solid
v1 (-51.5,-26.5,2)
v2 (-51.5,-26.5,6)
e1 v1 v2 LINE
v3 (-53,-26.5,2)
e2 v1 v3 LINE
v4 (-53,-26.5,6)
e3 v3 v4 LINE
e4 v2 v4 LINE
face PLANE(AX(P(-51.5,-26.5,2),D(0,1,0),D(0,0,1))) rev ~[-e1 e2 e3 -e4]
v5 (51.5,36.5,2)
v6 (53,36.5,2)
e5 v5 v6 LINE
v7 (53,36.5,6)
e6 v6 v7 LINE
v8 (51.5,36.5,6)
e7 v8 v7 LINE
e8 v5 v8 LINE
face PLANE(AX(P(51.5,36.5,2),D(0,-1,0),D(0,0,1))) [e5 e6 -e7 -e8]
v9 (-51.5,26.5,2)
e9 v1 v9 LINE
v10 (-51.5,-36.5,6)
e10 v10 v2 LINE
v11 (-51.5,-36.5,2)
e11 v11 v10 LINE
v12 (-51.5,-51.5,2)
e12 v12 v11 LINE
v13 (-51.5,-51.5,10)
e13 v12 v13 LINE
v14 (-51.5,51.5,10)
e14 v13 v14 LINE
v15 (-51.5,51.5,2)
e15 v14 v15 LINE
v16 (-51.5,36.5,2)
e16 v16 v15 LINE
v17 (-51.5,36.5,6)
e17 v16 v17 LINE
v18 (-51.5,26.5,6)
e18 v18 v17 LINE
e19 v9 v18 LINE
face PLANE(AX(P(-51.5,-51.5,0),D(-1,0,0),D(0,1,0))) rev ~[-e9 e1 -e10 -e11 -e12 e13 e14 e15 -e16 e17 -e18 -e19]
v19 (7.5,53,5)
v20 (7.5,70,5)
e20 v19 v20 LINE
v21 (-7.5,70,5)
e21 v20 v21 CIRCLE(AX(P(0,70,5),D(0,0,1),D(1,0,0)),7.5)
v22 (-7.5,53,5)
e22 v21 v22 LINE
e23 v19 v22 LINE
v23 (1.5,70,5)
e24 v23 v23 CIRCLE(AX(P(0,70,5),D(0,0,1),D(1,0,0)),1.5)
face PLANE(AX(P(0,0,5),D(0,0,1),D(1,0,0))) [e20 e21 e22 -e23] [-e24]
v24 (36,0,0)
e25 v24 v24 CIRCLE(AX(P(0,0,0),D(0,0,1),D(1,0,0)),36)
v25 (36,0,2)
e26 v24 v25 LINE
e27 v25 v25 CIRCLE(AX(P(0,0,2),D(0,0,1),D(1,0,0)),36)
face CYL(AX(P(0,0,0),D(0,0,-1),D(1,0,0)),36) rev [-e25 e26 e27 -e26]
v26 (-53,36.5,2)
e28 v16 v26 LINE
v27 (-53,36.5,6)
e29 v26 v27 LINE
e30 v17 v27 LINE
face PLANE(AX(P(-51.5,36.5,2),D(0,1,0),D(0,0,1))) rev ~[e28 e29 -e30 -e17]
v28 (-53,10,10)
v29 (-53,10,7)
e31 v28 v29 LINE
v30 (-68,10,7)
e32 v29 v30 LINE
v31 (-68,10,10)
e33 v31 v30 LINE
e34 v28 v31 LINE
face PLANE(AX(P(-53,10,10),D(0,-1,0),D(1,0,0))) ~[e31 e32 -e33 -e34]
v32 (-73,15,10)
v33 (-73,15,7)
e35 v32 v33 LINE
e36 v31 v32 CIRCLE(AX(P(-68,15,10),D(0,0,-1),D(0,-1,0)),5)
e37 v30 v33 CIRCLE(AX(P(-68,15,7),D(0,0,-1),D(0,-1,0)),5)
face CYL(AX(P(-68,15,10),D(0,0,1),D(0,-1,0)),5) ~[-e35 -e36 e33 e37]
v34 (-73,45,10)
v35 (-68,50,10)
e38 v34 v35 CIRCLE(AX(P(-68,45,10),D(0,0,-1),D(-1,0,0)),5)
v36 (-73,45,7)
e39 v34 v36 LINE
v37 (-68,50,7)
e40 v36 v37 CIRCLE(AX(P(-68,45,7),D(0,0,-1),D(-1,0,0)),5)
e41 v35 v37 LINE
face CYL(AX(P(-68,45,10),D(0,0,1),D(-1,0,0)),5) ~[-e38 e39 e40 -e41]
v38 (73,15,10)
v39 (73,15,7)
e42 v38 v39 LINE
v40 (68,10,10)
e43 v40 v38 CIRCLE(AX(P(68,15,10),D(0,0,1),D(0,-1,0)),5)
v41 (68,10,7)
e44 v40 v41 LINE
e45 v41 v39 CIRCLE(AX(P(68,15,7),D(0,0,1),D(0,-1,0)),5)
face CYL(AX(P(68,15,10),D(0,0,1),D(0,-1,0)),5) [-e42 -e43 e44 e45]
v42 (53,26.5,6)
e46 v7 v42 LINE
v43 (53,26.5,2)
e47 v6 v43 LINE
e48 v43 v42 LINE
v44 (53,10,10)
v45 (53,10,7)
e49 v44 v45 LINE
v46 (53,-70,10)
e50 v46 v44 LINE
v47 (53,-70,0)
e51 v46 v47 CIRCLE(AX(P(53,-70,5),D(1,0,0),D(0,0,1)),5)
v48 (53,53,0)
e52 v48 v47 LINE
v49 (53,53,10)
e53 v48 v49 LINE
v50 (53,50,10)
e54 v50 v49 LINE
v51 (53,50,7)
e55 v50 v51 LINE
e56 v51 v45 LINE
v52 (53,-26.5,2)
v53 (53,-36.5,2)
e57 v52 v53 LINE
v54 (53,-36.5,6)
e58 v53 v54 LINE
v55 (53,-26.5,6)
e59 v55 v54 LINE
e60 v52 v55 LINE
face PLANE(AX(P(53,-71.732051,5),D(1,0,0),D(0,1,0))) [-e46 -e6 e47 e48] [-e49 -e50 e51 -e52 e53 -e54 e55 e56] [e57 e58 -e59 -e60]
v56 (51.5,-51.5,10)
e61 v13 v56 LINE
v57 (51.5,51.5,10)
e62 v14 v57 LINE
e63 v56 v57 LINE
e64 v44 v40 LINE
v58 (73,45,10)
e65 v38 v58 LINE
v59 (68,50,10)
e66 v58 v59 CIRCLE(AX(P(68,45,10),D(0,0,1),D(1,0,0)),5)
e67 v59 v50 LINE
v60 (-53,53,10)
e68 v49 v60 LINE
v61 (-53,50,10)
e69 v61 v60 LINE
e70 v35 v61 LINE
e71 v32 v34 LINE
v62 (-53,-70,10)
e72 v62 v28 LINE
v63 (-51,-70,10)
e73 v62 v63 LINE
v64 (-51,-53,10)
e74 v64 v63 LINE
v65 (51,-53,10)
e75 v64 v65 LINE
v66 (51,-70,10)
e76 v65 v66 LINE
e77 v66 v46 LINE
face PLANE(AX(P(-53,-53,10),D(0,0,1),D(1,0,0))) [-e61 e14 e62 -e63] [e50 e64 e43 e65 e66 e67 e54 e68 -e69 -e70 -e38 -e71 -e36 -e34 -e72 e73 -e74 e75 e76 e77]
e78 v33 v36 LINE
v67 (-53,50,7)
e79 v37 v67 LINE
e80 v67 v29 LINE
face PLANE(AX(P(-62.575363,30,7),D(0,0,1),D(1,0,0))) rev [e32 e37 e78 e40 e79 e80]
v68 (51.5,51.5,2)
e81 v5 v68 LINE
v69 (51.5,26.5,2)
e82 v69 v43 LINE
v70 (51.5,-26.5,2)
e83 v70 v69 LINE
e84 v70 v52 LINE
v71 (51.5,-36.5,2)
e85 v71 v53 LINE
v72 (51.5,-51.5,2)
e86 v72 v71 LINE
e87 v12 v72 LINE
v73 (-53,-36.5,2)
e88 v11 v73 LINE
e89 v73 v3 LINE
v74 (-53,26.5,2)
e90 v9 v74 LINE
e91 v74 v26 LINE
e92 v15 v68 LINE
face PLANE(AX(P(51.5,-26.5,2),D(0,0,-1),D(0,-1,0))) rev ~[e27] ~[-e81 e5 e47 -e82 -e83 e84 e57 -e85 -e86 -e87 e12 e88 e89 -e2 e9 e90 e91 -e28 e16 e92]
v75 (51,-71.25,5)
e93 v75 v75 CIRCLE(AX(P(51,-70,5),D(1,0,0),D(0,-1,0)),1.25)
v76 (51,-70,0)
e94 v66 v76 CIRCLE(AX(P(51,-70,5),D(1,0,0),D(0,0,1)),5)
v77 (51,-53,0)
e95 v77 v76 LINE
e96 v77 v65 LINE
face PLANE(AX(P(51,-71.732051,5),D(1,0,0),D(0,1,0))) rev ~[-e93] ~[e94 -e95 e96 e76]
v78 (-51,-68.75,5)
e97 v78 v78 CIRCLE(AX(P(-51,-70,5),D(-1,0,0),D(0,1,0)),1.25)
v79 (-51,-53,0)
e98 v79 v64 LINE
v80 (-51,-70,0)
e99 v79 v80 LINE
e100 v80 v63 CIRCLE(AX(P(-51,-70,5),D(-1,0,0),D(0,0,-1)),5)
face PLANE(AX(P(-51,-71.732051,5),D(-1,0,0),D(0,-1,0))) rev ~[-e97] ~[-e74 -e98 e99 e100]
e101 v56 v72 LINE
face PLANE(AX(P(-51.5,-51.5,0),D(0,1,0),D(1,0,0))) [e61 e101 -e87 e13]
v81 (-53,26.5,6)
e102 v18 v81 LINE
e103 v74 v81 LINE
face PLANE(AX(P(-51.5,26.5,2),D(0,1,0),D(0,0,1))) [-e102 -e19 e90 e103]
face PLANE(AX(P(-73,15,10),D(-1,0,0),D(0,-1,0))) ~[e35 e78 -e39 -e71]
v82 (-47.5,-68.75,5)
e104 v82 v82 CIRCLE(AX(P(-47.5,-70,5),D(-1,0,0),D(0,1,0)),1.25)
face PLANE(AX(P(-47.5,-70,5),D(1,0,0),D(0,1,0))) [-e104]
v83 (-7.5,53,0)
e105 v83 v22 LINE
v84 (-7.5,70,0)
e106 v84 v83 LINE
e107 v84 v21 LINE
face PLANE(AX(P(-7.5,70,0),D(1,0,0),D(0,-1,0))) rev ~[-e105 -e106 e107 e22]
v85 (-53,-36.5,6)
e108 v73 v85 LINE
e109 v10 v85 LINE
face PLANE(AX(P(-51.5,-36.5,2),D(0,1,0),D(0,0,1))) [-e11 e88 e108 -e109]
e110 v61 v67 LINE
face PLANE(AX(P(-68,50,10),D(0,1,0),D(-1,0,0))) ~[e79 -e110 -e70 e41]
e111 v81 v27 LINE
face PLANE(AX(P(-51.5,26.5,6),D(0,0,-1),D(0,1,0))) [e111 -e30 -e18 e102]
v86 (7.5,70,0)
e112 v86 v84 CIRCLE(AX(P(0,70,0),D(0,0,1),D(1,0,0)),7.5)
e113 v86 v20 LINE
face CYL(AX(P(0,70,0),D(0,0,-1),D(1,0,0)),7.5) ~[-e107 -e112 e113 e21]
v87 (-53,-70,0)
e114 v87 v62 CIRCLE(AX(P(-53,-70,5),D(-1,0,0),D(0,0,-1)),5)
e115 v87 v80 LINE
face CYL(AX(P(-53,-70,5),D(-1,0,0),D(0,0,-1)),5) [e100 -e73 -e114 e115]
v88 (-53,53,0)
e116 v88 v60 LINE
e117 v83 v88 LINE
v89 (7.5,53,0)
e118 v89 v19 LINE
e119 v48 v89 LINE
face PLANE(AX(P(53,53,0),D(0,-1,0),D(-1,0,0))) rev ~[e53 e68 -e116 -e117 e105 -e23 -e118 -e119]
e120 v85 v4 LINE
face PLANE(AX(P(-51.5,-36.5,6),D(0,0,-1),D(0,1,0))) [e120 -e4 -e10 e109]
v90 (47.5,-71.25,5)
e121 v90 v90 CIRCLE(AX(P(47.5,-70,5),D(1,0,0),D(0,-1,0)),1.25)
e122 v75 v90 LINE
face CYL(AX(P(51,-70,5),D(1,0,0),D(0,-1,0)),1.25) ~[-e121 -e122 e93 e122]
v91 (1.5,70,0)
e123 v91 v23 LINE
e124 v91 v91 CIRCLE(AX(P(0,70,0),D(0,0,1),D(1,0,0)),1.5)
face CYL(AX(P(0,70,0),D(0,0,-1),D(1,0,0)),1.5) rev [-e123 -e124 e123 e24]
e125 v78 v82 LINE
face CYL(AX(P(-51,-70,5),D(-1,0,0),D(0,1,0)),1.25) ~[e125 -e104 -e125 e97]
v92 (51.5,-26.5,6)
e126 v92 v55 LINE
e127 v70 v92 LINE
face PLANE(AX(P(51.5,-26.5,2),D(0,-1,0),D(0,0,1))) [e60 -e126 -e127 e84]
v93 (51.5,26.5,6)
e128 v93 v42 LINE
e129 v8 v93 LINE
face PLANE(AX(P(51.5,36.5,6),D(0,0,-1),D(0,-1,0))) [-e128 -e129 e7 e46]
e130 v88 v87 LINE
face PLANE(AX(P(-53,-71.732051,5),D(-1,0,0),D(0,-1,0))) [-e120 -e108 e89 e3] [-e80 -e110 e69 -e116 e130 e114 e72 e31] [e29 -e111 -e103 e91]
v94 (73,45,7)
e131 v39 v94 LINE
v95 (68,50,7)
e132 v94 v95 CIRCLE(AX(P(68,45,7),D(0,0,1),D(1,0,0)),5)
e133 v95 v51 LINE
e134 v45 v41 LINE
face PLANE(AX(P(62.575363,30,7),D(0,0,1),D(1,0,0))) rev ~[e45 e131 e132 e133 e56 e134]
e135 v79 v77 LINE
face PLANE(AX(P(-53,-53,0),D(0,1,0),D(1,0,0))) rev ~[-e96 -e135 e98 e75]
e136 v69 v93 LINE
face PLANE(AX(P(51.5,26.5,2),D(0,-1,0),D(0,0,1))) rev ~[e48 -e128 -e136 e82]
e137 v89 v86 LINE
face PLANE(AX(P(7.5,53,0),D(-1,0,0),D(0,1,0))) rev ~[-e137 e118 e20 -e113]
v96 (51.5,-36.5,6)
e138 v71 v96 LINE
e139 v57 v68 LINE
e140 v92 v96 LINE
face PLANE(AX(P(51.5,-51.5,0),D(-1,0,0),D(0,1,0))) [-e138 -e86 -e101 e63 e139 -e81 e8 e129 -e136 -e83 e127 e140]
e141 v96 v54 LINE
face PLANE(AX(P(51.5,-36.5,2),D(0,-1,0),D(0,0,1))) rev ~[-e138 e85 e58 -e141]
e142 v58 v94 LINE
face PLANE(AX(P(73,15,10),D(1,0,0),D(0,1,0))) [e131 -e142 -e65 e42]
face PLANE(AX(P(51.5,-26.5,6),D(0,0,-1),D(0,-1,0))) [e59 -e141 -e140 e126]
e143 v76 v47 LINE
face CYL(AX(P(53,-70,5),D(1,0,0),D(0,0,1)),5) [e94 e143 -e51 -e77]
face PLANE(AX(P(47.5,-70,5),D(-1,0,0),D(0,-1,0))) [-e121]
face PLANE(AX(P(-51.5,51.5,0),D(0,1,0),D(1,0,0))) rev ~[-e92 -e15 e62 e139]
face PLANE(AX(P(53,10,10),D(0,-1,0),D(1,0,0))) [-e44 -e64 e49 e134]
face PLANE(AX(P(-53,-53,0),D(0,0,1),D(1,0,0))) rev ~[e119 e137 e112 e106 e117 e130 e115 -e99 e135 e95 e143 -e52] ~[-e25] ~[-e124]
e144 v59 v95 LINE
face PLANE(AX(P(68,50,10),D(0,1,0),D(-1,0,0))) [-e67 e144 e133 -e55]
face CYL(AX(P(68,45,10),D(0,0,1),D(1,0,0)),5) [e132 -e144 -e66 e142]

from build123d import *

# Parameters (mm, degrees)
F0_W      = 103
F0_H      = 103
F1_DEPTH  = 10
F0_R      = 36
F2_DEPTH  = 2
F0_R_2    = 1.5
F4_DEPTH  = 5
F3_W      = 10
F3_H      = 4
F5_DEPTH  = 25
F6_W      = 10
F6_H      = 4
F7_DEPTH  = 25
F8_W      = 2
F8_H      = 10
F9_DEPTH  = 17
F11_DEPTH = 2
F13_DEPTH = 2
F14_R     = 1.25
F15_DEPTH = 3.5
F16_R     = 1.25
F17_DEPTH = 3.5
F19_DEPTH = 3


with BuildPart() as f1:
    # F0 (on Top) → F1 (new body)
    with BuildSketch(Plane.XY):
        Polygon((53, -53), (53, 53), (7.5, 53), (-7.5, 53), (-53, 53), (-53, -53), align=None)
        Rectangle(F0_W, F0_H, mode=Mode.SUBTRACT)
    extrude(amount=F1_DEPTH)

    # F0 (on Top) → F2 (join)
    with BuildSketch(Plane.XY):
        Rectangle(F0_W, F0_H)
        Circle(F0_R, mode=Mode.SUBTRACT)
    extrude(amount=F2_DEPTH)

    # F0 (on Top) → F4 (join)
    with BuildSketch(Plane.XY):
        Polygon((53, -53), (53, 53), (7.5, 53), (-7.5, 53), (-53, 53), (-53, -53), align=None)
        Rectangle(F0_W, F0_H, mode=Mode.SUBTRACT)
        with BuildLine():
            Line((-7.5, 53), (7.5, 53))
            Line((7.5, 53), (7.5, 70))
            ThreePointArc((7.5, 70), (0, 77.5), (-7.5, 70))
            Line((-7.5, 70), (-7.5, 53))
        make_face()
        with Locations((0, 70)):
            Circle(F0_R_2, mode=Mode.SUBTRACT)
    extrude(amount=F4_DEPTH)

    # F3 (on face) → F5 (cut)
    with BuildSketch(Plane.YZ.offset(-51.5)):
        with Locations((31.5, 4)):
            Rectangle(F3_W, F3_H)
        with Locations((-31.5, 4)):
            Rectangle(F3_W, F3_H)
    extrude(amount=-F5_DEPTH, mode=Mode.SUBTRACT)

    # F6 (on face) → F7 (cut)
    with BuildSketch(Plane(origin=(51.5, 0, 0), x_dir=(0, -1, 0), z_dir=(-1, 0, 0))):
        with Locations((-31.5, 4)):
            Rectangle(F6_W, F6_H)
        with Locations((31.5, 4)):
            Rectangle(F6_W, F6_H)
    extrude(amount=-F7_DEPTH, mode=Mode.SUBTRACT)

    # F8 (on face) → F9 (join)
    with BuildSketch(Plane.XZ.offset(53)):
        with Locations((-52, 5)):
            Rectangle(F8_W, F8_H)
        with Locations((52, 5)):
            Rectangle(F8_W, F8_H)
    extrude(amount=F9_DEPTH)

    # F10 (on face) → F11 (join)
    with BuildSketch(Plane(origin=(-53, 0, 0), x_dir=(0, -1, 0), z_dir=(-1, 0, 0))):
        with BuildLine():
            Line((70, 10), (70, 0))
            ThreePointArc((70, 0), (75, 5), (70, 10))
        make_face()
    extrude(amount=-F11_DEPTH)

    # F12 (on face) → F13 (join)
    with BuildSketch(Plane.YZ.offset(53)):
        with BuildLine():
            Line((-70, 0), (-70, 10))
            ThreePointArc((-70, 10), (-75, 5), (-70, 0))
        make_face()
    extrude(amount=-F13_DEPTH)

    # F14 (on face) → F15 (join)
    with BuildSketch(Plane.YZ.offset(-51)):
        with Locations((-70, 5)):
            Circle(F14_R)
    extrude(amount=F15_DEPTH)

    # F16 (on face) → F17 (join)
    with BuildSketch(Plane(origin=(51, 0, 0), x_dir=(0, -1, 0), z_dir=(-1, 0, 0))):
        with Locations((70, 5)):
            Circle(F16_R)
    extrude(amount=F17_DEPTH)

    # F18 (on face) → F19 (join)
    with BuildSketch(Plane.XY.offset(10)):
        with BuildLine():
            Line((68, 50), (53, 50))
            Line((53, 50), (53, 10))
            Line((53, 10), (68, 10))
            ThreePointArc((68, 10), (71.5355339059, 11.4644660941), (73, 15))
            Line((73, 15), (73, 45))
            ThreePointArc((73, 45), (71.5355339059, 48.5355339059), (68, 50))
        make_face()
    extrude(amount=-F19_DEPTH)

    # F20: F1 across plane


with BuildPart() as f1_1:
    add(f1.part)
    add(f1.part.mirror(Plane.YZ))


solid = f1_1.part
